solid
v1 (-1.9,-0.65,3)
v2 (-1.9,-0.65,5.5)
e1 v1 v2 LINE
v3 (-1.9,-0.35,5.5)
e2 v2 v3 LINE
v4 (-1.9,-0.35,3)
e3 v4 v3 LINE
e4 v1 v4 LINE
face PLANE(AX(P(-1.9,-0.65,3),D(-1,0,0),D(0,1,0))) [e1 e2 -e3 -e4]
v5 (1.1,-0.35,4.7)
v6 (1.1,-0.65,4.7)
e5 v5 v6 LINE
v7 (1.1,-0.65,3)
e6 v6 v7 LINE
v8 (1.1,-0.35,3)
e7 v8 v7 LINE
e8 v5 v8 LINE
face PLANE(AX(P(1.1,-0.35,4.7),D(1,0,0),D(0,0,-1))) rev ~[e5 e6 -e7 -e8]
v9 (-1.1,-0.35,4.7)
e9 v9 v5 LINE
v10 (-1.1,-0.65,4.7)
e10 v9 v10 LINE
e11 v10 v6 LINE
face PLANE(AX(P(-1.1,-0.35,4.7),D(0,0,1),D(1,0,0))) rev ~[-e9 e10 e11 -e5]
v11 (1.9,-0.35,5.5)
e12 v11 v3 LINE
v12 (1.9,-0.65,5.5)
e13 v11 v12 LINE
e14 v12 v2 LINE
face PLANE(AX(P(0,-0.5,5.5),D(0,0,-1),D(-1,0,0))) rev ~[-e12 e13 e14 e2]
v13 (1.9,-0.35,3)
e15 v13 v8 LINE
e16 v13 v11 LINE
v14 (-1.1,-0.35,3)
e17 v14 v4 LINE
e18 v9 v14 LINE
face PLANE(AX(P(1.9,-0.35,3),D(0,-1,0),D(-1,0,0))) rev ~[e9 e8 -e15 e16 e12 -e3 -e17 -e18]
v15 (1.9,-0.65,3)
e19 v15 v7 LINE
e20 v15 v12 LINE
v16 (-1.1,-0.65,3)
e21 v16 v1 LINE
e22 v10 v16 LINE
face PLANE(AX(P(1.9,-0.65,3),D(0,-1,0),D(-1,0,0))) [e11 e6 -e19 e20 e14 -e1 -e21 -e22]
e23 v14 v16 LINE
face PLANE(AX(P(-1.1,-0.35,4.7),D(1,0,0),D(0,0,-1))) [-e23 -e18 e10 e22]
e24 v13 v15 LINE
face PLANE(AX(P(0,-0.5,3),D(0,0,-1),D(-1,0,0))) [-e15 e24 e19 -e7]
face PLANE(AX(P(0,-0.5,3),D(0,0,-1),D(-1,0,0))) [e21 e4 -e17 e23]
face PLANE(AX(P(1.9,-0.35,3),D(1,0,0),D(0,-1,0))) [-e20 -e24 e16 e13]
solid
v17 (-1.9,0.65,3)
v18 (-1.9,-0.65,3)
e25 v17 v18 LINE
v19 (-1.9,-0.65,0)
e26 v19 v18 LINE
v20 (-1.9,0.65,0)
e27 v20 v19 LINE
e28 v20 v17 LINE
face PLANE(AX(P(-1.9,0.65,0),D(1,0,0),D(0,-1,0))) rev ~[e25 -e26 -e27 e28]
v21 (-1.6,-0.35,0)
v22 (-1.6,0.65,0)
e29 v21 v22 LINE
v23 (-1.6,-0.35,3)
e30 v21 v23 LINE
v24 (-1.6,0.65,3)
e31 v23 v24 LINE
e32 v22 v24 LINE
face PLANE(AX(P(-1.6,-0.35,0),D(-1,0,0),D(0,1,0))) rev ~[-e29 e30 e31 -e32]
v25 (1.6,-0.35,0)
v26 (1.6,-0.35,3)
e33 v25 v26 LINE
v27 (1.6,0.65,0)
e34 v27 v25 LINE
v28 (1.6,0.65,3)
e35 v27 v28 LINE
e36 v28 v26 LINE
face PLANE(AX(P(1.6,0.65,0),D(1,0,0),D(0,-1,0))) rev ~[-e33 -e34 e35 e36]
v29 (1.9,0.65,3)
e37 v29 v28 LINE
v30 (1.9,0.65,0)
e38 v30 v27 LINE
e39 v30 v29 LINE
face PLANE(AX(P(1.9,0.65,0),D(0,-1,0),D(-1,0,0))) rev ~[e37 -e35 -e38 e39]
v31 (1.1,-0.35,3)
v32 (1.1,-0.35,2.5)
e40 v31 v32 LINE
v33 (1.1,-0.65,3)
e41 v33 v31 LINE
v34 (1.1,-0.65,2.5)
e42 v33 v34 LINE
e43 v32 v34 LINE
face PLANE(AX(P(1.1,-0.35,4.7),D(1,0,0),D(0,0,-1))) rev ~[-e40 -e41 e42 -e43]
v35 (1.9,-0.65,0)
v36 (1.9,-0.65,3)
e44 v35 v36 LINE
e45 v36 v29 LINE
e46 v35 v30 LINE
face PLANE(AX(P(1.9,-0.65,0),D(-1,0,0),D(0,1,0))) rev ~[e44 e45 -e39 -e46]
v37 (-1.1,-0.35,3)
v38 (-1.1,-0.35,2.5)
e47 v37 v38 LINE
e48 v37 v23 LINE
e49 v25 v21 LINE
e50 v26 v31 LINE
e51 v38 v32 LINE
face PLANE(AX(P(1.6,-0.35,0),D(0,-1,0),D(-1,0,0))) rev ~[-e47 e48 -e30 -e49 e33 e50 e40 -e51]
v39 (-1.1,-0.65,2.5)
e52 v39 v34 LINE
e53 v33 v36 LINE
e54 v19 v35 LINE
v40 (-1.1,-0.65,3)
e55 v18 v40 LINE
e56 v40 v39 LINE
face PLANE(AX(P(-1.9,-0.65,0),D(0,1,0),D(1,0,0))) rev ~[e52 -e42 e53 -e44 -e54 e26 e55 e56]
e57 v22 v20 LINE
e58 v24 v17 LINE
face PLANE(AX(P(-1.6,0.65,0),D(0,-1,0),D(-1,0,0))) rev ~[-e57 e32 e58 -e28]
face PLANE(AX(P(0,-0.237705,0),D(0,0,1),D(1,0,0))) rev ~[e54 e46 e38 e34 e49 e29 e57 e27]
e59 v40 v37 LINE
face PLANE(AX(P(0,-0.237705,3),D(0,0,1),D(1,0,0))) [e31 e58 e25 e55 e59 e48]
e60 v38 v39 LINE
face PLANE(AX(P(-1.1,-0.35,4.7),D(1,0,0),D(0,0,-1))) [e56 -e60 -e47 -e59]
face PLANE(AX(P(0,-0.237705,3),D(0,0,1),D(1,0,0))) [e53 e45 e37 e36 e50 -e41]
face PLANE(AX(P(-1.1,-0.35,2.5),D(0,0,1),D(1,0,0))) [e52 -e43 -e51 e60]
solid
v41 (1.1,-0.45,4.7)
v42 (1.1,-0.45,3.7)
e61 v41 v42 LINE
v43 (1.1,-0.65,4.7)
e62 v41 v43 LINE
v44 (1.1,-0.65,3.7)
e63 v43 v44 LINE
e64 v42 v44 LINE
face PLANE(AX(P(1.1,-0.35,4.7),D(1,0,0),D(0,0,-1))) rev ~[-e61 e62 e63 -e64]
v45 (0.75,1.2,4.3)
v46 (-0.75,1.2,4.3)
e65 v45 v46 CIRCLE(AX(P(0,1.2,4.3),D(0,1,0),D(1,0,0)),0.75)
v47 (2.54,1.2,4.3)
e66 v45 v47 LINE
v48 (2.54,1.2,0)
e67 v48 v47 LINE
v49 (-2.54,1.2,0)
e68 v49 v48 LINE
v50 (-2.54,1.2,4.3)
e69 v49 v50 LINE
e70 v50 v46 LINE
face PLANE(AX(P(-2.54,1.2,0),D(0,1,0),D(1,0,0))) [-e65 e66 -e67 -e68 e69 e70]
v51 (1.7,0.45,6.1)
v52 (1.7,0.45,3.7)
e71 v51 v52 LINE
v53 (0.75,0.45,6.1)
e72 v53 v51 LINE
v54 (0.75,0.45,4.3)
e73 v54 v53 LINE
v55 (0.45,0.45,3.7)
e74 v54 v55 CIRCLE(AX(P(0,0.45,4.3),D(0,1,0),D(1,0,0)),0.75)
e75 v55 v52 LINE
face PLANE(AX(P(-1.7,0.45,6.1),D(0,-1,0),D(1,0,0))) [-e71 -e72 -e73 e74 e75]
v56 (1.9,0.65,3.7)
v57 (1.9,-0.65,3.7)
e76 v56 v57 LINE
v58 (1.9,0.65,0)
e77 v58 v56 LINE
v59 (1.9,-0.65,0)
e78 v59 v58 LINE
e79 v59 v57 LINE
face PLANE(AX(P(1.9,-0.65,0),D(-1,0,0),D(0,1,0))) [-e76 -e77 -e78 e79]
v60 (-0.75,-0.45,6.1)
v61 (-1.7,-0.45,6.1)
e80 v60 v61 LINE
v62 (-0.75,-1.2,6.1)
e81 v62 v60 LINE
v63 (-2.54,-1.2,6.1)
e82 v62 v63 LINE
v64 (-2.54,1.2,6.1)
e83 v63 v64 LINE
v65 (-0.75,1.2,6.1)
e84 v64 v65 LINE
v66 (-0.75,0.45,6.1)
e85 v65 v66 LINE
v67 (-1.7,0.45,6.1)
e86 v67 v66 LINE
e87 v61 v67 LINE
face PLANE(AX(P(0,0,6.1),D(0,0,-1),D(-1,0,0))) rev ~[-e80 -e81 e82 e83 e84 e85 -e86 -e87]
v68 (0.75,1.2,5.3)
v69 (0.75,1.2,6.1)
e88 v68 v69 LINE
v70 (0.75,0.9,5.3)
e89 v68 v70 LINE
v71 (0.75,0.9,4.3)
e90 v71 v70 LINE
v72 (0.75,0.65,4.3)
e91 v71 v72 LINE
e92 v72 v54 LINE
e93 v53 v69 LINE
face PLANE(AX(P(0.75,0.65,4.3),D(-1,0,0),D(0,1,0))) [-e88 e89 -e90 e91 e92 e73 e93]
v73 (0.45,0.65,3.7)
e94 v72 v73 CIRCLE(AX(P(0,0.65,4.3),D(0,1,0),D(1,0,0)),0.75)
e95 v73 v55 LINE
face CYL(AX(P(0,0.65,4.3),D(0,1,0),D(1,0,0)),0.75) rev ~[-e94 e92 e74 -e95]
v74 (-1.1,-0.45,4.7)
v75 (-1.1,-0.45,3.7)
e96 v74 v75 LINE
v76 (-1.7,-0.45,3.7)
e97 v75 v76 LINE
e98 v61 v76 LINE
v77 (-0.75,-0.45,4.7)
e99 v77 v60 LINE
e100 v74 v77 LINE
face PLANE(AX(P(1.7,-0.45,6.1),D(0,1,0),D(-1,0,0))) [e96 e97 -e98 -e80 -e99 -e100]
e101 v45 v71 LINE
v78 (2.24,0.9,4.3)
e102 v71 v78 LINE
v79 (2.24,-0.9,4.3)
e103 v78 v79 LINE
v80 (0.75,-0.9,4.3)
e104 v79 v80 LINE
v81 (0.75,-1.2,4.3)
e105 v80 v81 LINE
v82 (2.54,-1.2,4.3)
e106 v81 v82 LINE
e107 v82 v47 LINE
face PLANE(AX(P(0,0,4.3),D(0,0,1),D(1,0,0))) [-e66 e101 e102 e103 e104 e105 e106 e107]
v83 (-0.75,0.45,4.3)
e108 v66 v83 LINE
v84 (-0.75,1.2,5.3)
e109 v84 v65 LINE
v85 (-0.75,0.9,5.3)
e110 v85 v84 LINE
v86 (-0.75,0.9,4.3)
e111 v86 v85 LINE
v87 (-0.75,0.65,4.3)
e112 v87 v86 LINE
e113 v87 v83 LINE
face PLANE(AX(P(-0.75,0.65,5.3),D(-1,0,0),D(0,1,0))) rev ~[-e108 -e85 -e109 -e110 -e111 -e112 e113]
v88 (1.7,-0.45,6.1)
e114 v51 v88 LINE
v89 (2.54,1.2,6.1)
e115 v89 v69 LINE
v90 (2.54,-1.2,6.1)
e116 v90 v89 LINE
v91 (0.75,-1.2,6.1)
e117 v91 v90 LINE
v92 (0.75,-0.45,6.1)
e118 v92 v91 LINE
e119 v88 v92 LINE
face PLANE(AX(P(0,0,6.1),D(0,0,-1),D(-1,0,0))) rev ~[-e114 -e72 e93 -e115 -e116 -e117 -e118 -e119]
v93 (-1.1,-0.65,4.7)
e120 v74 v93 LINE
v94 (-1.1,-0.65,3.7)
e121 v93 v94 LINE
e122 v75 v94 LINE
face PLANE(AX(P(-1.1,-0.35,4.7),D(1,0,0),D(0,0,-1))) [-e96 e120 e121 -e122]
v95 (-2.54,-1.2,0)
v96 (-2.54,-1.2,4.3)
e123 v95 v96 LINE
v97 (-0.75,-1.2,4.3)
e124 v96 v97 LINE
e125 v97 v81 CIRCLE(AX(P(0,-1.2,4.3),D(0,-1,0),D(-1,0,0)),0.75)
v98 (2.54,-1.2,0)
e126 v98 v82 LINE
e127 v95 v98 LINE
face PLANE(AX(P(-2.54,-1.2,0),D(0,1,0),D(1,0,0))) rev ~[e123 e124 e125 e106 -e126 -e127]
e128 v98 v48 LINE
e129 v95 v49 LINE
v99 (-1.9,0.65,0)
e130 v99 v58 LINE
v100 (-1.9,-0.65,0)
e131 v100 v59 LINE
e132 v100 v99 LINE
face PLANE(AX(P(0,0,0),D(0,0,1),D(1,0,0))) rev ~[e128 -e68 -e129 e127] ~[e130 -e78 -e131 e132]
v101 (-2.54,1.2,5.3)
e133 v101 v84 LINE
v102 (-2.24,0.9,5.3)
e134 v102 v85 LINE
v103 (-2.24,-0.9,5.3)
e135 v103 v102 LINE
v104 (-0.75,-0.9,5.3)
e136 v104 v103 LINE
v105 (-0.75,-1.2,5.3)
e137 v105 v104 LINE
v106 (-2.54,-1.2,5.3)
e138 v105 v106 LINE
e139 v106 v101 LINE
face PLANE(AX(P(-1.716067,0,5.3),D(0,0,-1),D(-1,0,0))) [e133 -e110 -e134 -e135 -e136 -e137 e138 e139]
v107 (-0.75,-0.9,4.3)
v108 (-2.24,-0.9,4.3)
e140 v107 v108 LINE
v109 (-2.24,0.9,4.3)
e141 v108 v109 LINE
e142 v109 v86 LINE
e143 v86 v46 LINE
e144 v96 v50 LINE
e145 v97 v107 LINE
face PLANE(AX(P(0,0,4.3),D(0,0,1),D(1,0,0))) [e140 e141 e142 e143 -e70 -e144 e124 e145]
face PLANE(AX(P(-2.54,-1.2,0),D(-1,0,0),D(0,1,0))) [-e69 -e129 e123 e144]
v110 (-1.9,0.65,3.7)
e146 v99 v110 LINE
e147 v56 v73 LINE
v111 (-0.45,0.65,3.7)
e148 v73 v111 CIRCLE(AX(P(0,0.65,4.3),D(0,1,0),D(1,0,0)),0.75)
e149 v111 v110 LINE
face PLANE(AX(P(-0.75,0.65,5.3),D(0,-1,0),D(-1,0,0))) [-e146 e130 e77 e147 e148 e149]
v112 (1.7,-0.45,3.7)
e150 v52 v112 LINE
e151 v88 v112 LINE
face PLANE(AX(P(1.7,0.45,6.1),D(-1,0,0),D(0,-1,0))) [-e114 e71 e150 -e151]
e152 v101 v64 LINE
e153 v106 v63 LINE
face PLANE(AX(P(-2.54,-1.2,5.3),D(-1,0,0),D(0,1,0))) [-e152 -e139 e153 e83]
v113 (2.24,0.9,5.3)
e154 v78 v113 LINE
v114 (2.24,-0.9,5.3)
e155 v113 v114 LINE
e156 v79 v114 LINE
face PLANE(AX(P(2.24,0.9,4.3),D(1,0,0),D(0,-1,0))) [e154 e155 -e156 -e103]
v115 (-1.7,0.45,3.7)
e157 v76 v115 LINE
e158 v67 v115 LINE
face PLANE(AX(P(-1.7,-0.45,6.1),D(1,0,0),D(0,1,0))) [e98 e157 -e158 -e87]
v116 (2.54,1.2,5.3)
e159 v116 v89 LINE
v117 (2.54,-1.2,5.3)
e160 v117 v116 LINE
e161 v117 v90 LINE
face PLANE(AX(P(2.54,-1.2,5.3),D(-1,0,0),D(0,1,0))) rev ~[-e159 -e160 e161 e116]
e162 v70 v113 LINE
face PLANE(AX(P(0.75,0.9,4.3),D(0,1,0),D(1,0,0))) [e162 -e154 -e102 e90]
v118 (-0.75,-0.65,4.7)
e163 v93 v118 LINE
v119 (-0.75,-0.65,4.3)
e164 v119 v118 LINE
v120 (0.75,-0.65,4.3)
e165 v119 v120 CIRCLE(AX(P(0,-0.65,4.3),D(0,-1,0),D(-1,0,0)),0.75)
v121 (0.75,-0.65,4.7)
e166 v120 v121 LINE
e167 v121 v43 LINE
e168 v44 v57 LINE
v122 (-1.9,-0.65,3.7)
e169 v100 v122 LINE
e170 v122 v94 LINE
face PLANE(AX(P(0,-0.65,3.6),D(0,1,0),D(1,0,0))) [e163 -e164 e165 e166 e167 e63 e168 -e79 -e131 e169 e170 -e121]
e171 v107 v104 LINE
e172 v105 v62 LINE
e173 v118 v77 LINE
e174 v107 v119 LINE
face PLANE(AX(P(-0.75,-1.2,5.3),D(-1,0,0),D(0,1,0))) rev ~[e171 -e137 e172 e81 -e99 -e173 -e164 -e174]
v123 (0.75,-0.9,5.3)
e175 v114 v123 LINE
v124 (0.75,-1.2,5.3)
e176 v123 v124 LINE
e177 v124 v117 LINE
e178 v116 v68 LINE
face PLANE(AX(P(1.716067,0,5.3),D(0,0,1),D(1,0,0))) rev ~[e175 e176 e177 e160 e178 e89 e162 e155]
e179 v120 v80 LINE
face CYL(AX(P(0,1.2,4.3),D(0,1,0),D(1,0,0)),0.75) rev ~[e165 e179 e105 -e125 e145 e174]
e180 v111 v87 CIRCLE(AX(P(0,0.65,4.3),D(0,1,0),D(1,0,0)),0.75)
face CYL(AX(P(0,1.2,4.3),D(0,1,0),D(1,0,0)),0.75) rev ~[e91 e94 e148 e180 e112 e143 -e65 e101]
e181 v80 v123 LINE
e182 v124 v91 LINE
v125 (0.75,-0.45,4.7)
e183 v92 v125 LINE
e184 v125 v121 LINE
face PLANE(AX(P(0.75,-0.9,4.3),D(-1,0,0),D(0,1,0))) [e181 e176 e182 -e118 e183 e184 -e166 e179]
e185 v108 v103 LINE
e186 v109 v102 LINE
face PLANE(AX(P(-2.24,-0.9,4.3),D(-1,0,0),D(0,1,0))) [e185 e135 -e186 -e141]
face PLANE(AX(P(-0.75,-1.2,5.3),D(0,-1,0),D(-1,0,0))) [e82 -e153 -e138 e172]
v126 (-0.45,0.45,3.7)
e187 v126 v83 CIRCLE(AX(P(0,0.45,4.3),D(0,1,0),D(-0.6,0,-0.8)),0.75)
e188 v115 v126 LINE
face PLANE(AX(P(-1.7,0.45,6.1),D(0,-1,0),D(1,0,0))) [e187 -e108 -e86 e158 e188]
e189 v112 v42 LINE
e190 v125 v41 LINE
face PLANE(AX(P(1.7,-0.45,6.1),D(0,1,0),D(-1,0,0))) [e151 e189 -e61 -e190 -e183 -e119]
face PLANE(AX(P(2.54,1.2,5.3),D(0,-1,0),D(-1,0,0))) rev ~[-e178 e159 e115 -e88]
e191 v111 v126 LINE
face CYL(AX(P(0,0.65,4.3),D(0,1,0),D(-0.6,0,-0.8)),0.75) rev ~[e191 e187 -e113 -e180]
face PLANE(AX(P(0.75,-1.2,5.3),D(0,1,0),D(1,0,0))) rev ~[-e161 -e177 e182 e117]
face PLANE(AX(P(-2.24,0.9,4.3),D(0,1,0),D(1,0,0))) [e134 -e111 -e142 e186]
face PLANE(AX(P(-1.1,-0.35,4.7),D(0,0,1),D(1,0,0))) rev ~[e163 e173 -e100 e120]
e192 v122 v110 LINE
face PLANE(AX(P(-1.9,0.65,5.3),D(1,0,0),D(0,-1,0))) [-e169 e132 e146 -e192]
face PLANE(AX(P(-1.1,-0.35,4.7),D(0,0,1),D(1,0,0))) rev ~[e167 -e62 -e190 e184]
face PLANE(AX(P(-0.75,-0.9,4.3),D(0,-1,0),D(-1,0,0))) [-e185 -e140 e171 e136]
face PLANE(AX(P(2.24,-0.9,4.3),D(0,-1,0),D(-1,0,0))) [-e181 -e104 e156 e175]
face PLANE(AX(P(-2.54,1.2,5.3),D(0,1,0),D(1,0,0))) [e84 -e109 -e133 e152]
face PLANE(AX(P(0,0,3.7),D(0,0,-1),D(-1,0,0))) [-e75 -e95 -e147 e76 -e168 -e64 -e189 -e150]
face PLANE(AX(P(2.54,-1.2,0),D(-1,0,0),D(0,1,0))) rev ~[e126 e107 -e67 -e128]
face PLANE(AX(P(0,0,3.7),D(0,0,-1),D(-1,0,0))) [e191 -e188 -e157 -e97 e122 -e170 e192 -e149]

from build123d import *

# Parameters (mm, degrees)
SKETCH1_W           = 5.08
SKETCH1_H           = 2.4
SKETCH1_W_2         = 3.799999998
SKETCH1_H_2         = 1.299999999
BOSS_EXTRUDE1_DEPTH = 4.3
SKETCH3_R           = 0.75
CUT_EXTRUDE2_DEPTH  = 3.4
BOSS_EXTRUDE2_DEPTH = 1
BOSS_EXTRUDE3_DEPTH = 0.8
BOSS_EXTRUDE4_DEPTH = 2.4
CUT_EXTRUDE4_DEPTH  = 2.849999999
BOSS_EXTRUDE5_DEPTH = 3
BOSS_EXTRUDE8_DEPTH = 2.5
SKETCH14_W          = 2.199999998
SKETCH14_H          = 2.2
CUT_EXTRUDE5_DEPTH  = 0.3


with BuildPart() as part:
    # Sketch1 → Boss-Extrude1 (new body)
    with BuildSketch(Plane.XY):
        Rectangle(SKETCH1_W, SKETCH1_H)
        Rectangle(SKETCH1_W_2, SKETCH1_H_2, mode=Mode.SUBTRACT)
    extrude(amount=BOSS_EXTRUDE1_DEPTH)

    # Sketch3 → Cut-Extrude2 (cut, through all)
    with BuildSketch(Plane(origin=(0, 1.2, 0), x_dir=(1, 0, 0), z_dir=(0, 1, 0))):
        with Locations((0, -4.3)):
            Circle(SKETCH3_R)
    extrude(amount=-CUT_EXTRUDE2_DEPTH, mode=Mode.SUBTRACT)

    # Sketch6 → Boss-Extrude2 (add)
    with BuildSketch(Plane.XY.offset(4.3)):
        Polygon((-0.75, 0.9), (-0.75, 0.649999999), (-1.899999999, 0.649999999), (-1.899999999, -0.65), (-0.75, -0.65), (-0.75, -0.9), (-2.24, -0.9), (-2.24, 0.9), align=None)
        Polygon((2.24, 0.9), (2.24, -0.9), (0.75, -0.9), (0.75, -0.65), (1.899999999, -0.65), (1.899999999, 0.649999999), (0.75, 0.649999999), (0.75, 0.9), align=None)
    extrude(amount=BOSS_EXTRUDE2_DEPTH)

    # Sketch7 → Boss-Extrude3 (add)
    with BuildSketch(Plane.XY.offset(5.3)):
        Polygon((-0.75, 1.2), (-0.75, 0.9), (-0.75, 0.649999999), (-1.899999999, 0.649999999), (-1.899999999, -0.65), (-0.75, -0.65), (-0.75, -0.9), (-0.75, -1.2), (-2.54, -1.2), (-2.54, 1.2), align=None)
        Polygon((0.75, -0.9), (0.75, -1.2), (2.54, -1.2), (2.54, 1.2), (0.75, 1.2), (0.75, 0.9), (0.75, 0.649999999), (1.899999999, 0.649999999), (1.899999999, -0.65), (0.75, -0.65), align=None)
    extrude(amount=BOSS_EXTRUDE3_DEPTH)

    # Sketch9 → Boss-Extrude4 (add)
    with BuildSketch(Plane.XY.offset(6.1)):
        Polygon((0.75, 0.649999999), (1.899999999, 0.649999999), (1.899999999, -0.65), (0.75, -0.65), (-0.75, -0.65), (-1.899999999, -0.65), (-1.899999999, 0.649999999), (-0.75, 0.649999999), align=None)
        Polygon((-0.75, -0.45), (-1.699999999, -0.45), (-1.699999999, 0.449999999), (-0.75, 0.449999999), (0.75, 0.449999999), (1.699999999, 0.449999999), (1.699999999, -0.45), (0.75, -0.45), align=None, mode=Mode.SUBTRACT)
    extrude(amount=-BOSS_EXTRUDE4_DEPTH)

    # Sketch10 → Cut-Extrude4 (cut, through all)
    with BuildSketch(Plane(origin=(0, 0.649999999, 0), x_dir=(1, 0, 0), z_dir=(0, 1, 0))):
        with BuildLine():
            Line((0.75, -6.1), (0.75, -4.3))
            ThreePointArc((0.75, -4.3), (0.670820393, -3.964589803), (0.45, -3.7))
            ThreePointArc((0.45, -3.7), (0, -3.55), (-0.45, -3.7))
            ThreePointArc((-0.45, -3.7), (-0.670820393, -3.964589803), (-0.75, -4.3))
            Line((-0.75, -4.3), (-0.75, -6.1))
            Line((-0.75, -6.1), (0.75, -6.1))
        make_face()
    extrude(amount=-CUT_EXTRUDE4_DEPTH, mode=Mode.SUBTRACT)


with BuildPart() as body_2:
    # Sketch12 → Boss-Extrude5 (new body)
    with BuildSketch(Plane(origin=(0, 0, 0), x_dir=(-1, 0, 0), z_dir=(0, 0, -1))):
        Polygon((1.899999999, 0.649999999), (1.899999999, -0.65), (-1.899999999, -0.65), (-1.899999999, 0.649999999), (-1.599999999, 0.649999999), (-1.599999999, -0.35), (1.599999999, -0.35), (1.599999999, 0.649999999), align=None)
    extrude(amount=-BOSS_EXTRUDE5_DEPTH)


with BuildPart() as body_3:
    # Sketch13 → Boss-Extrude8 (new body)
    with BuildSketch(Plane.XY.offset(3)):
        Polygon((1.899999999, -0.65), (-1.899999999, -0.65), (-1.899999999, -0.35), (-1.599999999, -0.35), (1.599999999, -0.35), (1.899999999, -0.35), align=None)
    extrude(amount=BOSS_EXTRUDE8_DEPTH)


with BuildPart() as cut_extrude5_tool:
    # Sketch14 → Cut-Extrude5 (new body)
    with BuildSketch(Plane(origin=(0, -0.35, 0), x_dir=(1, 0, 0), z_dir=(0, 1, 0))):
        with Locations((0, -3.6)):
            Rectangle(SKETCH14_W, SKETCH14_H)
    extrude(amount=-CUT_EXTRUDE5_DEPTH)


with BuildPart() as part_1:
    add(part.part)

    # Cut-Extrude5: cut by cut_extrude5_tool
    add(cut_extrude5_tool.part, mode=Mode.SUBTRACT)


with BuildPart() as body_2_1:
    add(body_2.part)

    # Cut-Extrude5: cut by cut_extrude5_tool
    add(cut_extrude5_tool.part, mode=Mode.SUBTRACT)


with BuildPart() as body_3_1:
    add(body_3.part)

    # Cut-Extrude5: cut by cut_extrude5_tool
    add(cut_extrude5_tool.part, mode=Mode.SUBTRACT)


solid = Compound([part_1.part, body_2_1.part, body_3_1.part])
